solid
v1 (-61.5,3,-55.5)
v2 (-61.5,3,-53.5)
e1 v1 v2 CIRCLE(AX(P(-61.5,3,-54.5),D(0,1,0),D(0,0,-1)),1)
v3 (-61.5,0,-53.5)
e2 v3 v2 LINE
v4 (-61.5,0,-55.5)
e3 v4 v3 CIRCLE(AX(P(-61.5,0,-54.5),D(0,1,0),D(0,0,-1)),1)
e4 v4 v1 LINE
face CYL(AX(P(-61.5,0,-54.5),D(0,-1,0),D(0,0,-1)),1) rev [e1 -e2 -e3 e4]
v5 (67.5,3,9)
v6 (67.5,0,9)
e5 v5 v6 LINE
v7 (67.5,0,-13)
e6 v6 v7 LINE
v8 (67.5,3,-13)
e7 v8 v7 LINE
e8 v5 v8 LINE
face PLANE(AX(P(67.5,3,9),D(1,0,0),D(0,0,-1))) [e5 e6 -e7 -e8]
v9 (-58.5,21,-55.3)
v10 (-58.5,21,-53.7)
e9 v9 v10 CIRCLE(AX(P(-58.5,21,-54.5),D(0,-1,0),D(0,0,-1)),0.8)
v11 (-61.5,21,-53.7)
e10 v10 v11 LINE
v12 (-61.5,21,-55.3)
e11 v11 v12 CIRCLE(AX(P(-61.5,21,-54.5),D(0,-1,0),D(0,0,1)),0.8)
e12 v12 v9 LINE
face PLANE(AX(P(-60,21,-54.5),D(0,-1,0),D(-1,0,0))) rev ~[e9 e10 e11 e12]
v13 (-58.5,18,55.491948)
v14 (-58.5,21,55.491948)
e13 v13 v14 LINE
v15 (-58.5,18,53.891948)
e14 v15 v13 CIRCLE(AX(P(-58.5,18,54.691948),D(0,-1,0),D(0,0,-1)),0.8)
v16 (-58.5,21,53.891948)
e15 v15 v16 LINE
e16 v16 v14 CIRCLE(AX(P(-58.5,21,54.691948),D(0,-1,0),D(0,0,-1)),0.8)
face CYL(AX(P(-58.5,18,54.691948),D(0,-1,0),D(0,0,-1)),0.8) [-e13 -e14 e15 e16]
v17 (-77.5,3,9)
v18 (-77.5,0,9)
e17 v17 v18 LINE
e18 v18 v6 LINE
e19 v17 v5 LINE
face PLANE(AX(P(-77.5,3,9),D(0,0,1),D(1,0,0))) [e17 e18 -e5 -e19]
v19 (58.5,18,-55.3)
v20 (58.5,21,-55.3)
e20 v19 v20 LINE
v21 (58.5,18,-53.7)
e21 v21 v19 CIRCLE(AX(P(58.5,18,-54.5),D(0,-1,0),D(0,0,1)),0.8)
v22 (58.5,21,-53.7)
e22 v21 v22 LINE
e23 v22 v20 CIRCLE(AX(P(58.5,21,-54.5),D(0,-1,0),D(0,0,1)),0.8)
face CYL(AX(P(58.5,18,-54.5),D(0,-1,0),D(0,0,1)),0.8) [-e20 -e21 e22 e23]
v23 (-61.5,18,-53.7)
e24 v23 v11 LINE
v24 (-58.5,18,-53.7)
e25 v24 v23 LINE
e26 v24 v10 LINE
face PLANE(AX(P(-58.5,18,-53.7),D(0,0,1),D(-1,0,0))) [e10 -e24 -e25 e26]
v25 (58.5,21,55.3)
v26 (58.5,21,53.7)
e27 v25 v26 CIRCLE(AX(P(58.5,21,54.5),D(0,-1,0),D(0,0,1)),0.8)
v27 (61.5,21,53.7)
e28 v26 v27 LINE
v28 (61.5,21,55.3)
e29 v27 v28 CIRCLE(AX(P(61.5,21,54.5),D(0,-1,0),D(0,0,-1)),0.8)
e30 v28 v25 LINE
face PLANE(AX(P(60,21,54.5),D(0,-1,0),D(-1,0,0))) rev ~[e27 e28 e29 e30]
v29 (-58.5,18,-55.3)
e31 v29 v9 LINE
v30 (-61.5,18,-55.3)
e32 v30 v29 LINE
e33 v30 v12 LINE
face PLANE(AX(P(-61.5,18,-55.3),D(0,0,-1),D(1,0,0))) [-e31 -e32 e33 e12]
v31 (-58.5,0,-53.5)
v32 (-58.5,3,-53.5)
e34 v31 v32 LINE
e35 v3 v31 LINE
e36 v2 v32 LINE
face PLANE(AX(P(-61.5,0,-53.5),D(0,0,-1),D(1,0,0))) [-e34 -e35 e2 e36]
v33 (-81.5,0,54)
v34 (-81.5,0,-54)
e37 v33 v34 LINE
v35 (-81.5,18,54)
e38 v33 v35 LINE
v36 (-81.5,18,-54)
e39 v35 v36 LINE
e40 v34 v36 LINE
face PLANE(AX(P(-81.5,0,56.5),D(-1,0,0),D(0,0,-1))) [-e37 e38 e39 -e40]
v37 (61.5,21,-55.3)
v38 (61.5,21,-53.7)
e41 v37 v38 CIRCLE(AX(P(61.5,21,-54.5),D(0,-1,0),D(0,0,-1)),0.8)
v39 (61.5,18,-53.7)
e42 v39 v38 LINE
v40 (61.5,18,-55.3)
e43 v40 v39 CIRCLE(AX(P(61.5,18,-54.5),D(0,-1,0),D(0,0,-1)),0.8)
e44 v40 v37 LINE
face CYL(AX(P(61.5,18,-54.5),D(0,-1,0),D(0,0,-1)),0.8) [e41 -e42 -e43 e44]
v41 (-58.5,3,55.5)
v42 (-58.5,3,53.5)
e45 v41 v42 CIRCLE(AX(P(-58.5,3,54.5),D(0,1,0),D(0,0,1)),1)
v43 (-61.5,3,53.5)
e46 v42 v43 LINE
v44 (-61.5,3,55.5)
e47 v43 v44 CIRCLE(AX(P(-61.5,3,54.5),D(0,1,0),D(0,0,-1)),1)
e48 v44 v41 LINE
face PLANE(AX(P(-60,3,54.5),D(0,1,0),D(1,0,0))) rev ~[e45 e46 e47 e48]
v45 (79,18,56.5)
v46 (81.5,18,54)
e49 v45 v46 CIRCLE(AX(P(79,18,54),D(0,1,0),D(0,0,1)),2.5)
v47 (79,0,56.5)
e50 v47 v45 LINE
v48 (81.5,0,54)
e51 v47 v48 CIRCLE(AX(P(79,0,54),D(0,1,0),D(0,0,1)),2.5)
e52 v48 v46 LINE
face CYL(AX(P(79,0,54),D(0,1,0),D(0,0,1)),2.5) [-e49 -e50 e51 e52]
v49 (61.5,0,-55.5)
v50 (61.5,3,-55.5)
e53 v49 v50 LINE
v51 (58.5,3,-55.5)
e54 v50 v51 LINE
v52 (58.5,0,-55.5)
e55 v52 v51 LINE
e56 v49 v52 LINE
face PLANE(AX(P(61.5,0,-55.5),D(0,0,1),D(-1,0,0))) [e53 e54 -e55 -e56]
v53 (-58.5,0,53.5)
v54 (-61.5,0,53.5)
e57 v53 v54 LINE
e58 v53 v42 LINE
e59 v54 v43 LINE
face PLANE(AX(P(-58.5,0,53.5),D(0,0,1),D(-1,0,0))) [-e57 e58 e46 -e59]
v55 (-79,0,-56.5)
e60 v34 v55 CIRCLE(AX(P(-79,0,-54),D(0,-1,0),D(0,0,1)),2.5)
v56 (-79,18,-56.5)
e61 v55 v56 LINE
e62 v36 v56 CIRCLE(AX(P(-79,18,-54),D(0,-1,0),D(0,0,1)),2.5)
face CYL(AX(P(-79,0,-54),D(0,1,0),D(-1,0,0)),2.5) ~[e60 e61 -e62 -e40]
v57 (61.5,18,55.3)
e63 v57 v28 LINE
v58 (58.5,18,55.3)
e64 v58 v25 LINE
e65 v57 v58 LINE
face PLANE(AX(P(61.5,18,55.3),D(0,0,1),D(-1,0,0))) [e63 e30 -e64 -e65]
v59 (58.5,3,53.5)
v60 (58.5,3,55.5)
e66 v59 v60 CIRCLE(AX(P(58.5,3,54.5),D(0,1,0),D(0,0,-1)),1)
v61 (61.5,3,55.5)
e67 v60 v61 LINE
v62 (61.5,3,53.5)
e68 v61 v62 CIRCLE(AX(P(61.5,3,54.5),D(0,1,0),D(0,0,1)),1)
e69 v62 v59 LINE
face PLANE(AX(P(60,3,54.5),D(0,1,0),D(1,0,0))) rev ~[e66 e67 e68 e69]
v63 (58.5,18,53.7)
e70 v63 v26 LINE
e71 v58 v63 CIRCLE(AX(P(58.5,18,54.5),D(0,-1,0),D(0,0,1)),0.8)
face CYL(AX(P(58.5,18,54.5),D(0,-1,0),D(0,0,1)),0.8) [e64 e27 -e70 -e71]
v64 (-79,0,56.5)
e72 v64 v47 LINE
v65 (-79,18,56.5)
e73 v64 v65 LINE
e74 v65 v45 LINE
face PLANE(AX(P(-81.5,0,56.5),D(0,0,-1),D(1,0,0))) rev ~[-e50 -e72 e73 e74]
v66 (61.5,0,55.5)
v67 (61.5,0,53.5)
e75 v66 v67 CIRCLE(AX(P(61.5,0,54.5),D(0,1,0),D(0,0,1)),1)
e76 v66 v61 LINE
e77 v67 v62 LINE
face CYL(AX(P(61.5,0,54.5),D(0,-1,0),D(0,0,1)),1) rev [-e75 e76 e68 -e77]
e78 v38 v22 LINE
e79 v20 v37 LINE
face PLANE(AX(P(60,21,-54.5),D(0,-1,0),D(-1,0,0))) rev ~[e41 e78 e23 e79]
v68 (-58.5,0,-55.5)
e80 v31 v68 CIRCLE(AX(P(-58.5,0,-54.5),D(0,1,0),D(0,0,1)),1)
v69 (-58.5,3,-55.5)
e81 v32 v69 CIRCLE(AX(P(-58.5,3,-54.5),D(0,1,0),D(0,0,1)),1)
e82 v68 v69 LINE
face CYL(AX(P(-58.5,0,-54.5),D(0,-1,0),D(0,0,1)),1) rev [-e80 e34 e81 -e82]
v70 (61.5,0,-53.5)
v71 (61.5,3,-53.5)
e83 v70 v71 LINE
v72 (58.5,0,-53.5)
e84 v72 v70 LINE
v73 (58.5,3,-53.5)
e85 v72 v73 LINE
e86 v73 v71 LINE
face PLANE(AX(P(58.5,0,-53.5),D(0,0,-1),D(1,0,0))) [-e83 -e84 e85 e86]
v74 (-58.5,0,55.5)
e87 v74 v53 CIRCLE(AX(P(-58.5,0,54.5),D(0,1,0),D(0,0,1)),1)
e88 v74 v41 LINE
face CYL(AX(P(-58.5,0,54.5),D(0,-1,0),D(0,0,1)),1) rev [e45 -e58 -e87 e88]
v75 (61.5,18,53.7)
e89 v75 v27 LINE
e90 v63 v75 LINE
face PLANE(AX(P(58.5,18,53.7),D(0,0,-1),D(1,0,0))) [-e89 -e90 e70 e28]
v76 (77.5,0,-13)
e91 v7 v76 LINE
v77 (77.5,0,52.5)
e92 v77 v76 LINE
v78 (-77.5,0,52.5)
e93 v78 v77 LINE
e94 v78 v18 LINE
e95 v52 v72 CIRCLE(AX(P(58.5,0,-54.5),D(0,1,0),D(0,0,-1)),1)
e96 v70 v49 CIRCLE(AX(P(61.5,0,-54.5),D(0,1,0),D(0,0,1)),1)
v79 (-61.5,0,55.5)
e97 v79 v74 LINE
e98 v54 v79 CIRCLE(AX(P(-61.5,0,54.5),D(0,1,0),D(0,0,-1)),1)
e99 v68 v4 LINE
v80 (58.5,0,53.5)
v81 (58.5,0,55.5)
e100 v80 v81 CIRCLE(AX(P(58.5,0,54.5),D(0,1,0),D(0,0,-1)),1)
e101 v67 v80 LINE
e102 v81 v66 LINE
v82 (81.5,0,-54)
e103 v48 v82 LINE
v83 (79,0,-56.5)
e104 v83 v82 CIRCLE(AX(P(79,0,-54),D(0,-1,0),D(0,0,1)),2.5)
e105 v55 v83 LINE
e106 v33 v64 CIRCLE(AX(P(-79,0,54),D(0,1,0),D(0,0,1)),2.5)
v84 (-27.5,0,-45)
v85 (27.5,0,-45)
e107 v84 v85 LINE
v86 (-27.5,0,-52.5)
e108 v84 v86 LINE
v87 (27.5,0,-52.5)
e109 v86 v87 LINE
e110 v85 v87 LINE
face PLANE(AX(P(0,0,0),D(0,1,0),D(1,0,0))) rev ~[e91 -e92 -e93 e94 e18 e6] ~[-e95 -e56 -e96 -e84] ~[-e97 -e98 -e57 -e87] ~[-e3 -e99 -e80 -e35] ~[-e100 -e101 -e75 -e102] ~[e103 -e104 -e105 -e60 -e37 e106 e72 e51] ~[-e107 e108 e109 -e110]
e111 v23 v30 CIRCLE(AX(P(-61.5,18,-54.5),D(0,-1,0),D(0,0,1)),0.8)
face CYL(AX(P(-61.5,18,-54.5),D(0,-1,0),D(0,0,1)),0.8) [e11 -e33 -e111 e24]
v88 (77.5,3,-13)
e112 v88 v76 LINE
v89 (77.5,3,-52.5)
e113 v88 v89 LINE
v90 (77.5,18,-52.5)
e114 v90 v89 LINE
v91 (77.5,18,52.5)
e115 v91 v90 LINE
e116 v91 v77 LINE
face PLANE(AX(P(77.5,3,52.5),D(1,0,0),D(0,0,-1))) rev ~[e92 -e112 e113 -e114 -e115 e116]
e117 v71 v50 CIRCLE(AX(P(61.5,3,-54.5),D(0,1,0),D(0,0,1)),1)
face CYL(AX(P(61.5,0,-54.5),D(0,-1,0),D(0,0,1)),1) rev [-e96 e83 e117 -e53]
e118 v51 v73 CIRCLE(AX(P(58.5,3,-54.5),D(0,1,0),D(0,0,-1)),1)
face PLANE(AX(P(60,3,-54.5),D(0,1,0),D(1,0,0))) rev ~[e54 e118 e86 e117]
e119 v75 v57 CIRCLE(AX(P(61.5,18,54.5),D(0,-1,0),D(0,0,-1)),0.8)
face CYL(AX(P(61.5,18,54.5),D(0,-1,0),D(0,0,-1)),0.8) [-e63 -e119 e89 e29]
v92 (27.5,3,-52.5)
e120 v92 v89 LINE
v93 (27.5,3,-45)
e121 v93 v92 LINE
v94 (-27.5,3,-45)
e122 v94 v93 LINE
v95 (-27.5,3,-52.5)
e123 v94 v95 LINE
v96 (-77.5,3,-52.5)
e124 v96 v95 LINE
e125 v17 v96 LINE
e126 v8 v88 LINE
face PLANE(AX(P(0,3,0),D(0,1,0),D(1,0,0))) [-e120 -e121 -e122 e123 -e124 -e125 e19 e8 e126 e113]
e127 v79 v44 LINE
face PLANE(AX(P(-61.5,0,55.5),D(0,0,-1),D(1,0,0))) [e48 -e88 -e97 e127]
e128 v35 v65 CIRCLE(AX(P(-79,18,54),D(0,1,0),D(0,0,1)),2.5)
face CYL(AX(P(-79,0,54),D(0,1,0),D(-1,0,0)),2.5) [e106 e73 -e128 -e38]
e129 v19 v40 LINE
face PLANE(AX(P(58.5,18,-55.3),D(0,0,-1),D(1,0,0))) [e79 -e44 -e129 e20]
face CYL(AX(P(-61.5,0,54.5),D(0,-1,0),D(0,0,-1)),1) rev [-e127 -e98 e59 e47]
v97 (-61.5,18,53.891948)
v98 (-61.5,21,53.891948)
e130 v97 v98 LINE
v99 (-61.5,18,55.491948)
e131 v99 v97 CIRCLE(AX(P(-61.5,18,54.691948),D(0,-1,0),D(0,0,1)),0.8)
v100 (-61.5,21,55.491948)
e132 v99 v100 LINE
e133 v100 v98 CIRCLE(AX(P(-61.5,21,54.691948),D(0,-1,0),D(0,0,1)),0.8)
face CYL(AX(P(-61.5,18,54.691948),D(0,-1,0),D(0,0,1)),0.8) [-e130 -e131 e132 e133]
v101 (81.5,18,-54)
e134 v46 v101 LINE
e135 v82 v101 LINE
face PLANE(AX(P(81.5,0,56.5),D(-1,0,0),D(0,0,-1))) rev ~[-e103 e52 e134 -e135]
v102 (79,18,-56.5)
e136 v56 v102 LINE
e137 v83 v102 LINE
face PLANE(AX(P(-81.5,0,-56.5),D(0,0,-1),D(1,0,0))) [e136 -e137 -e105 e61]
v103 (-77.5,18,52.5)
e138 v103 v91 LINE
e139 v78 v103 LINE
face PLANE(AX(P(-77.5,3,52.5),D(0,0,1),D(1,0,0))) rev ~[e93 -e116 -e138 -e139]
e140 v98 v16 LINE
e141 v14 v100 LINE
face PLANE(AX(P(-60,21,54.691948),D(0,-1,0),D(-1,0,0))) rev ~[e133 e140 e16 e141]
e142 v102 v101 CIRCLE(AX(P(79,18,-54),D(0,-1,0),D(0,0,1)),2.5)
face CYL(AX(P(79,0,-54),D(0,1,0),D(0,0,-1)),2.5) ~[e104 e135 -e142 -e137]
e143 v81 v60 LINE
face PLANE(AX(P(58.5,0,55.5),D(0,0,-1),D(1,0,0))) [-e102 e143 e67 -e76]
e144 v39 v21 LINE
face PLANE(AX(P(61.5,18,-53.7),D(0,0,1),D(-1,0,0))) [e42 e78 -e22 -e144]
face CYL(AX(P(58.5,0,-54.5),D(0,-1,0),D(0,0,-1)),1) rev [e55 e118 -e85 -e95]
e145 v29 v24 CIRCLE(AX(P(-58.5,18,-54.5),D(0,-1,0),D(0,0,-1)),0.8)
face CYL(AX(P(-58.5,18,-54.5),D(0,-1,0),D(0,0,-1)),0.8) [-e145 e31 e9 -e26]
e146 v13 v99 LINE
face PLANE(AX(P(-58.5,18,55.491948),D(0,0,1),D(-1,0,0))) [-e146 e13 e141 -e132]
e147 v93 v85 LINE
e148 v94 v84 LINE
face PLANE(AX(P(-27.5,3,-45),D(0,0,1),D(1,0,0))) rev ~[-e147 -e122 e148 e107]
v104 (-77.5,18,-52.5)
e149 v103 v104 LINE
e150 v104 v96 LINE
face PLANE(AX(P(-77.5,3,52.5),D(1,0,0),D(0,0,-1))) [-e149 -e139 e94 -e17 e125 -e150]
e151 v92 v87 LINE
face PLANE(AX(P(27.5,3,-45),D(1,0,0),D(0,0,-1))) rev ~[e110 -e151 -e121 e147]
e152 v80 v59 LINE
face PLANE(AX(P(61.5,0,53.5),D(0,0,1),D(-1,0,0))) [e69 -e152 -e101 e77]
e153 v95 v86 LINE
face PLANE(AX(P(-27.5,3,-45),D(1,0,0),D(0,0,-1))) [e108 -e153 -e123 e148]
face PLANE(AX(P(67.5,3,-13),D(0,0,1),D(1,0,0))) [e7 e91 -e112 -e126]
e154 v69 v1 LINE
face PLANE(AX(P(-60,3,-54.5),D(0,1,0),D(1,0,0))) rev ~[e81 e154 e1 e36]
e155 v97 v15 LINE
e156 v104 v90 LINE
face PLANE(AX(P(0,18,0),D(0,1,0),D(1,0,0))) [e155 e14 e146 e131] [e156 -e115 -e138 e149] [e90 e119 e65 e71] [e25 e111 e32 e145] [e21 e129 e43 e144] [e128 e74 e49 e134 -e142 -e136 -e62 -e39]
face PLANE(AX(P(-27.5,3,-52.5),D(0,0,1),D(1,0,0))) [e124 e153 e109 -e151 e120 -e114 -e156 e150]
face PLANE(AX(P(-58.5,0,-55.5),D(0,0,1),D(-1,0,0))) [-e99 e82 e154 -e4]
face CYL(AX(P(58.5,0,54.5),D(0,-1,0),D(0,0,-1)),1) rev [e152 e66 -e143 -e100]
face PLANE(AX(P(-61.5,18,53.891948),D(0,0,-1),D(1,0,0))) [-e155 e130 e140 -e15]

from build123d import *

# Parameters (mm, degrees)
SKETCH3_W            = 163
SKETCH3_H            = 113
BOSS_EXTRUDE2_DEPTH  = 18
SKETCH4_W            = 155
SKETCH4_H            = 105
CUT_EXTRUDE2_DEPTH   = 15
FILLET1_R            = 2.5
SKETCH5_W            = 55
SKETCH5_H            = 7.5
TOPWIRES_DEPTH       = 3
SKETCH6_W            = 155
SKETCH6_H            = 43.5
MOTORWIRES_DEPTH     = 3
CONNECTORHOLES_DEPTH = 3
SKETCH14_W           = 10
SKETCH14_H           = 22
SIDEWIRES_DEPTH      = 3
BOSS_EXTRUDE7_DEPTH  = 3


with BuildPart() as part:
    # Sketch3 → Boss-Extrude2 (new body)
    with BuildSketch(Plane(origin=(0, 0, 0), x_dir=(1, 0, 0), z_dir=(0, 1, 0))):
        Rectangle(SKETCH3_W, SKETCH3_H)
    extrude(amount=BOSS_EXTRUDE2_DEPTH)

    # Sketch4 → Cut-Extrude2 (cut)
    with BuildSketch(Plane(origin=(0, 18, 0), x_dir=(1, 0, 0), z_dir=(0, 1, 0))):
        Rectangle(SKETCH4_W, SKETCH4_H)
    extrude(amount=-CUT_EXTRUDE2_DEPTH, mode=Mode.SUBTRACT)

    # Fillet1
    fillet1_edges = [part.edges().sort_by_distance(p)[0] for p in [
        (81.5, 9, 56.5),
        (-81.5, 9, 56.5),
        (-81.5, 9, -56.5),
        (81.5, 9, -56.5),
    ]]
    fillet(fillet1_edges, radius=FILLET1_R)

    # Sketch5 → TopWires (cut)
    with BuildSketch(Plane(origin=(0, 3, 0), x_dir=(1, 0, 0), z_dir=(0, 1, 0))):
        with Locations((0, 48.75)):
            Rectangle(SKETCH5_W, SKETCH5_H)
    extrude(amount=-TOPWIRES_DEPTH, mode=Mode.SUBTRACT)

    # Sketch6 → MotorWires (cut)
    with BuildSketch(Plane(origin=(0, 3, 0), x_dir=(1, 0, 0), z_dir=(0, 1, 0))):
        with Locations((0, -30.75)):
            Rectangle(SKETCH6_W, SKETCH6_H)
    extrude(amount=-MOTORWIRES_DEPTH, mode=Mode.SUBTRACT)

    # Sketch13 → ConnectorHoles (cut)
    with BuildSketch(Plane(origin=(0, 0, 0), x_dir=(-1, 0, 0), z_dir=(0, -1, 0))):
        with BuildLine():
            Line((61.5, 53.5), (58.5, 53.5))
            ThreePointArc((58.5, 53.5), (57.5, 54.5), (58.5, 55.5))
            Line((58.5, 55.5), (61.5, 55.5))
            ThreePointArc((61.5, 55.5), (62.5, 54.5), (61.5, 53.5))
        make_face()
        with BuildLine():
            Line((-58.5, 53.5), (-61.5, 53.5))
            ThreePointArc((-61.5, 53.5), (-62.5, 54.5), (-61.5, 55.5))
            Line((-61.5, 55.5), (-58.5, 55.5))
            ThreePointArc((-58.5, 55.5), (-57.5, 54.5), (-58.5, 53.5))
        make_face()
        with BuildLine():
            Line((61.5, -55.5), (58.5, -55.5))
            ThreePointArc((58.5, -55.5), (57.5, -54.5), (58.5, -53.5))
            Line((58.5, -53.5), (61.5, -53.5))
            ThreePointArc((61.5, -53.5), (62.5, -54.5), (61.5, -55.5))
        make_face()
        with BuildLine():
            Line((-61.5, -53.5), (-58.5, -53.5))
            ThreePointArc((-58.5, -53.5), (-57.5, -54.5), (-58.5, -55.5))
            Line((-58.5, -55.5), (-61.5, -55.5))
            ThreePointArc((-61.5, -55.5), (-62.5, -54.5), (-61.5, -53.5))
        make_face()
    extrude(amount=-CONNECTORHOLES_DEPTH, mode=Mode.SUBTRACT)

    # Sketch14 → SideWires (cut)
    with BuildSketch(Plane(origin=(0, 3, 0), x_dir=(1, 0, 0), z_dir=(0, 1, 0))):
        with Locations((72.5, 2)):
            Rectangle(SKETCH14_W, SKETCH14_H)
    extrude(amount=-SIDEWIRES_DEPTH, mode=Mode.SUBTRACT)

    # Sketch16 → Boss-Extrude7 (add)
    with BuildSketch(Plane(origin=(0, 18, 0), x_dir=(1, 0, 0), z_dir=(0, 1, 0))):
        with BuildLine():
            Line((61.5, -55.3), (58.5, -55.3))
            ThreePointArc((58.5, -55.3), (57.7, -54.5), (58.5, -53.7))
            Line((58.5, -53.7), (61.5, -53.7))
            ThreePointArc((61.5, -53.7), (62.3, -54.5), (61.5, -55.3))
        make_face()
        with BuildLine():
            Line((-58.5, -55.491947616), (-61.5, -55.491947616))
            ThreePointArc((-61.5, -55.491947616), (-62.3, -54.691947616), (-61.5, -53.891947616))
            Line((-61.5, -53.891947616), (-58.5, -53.891947616))
            ThreePointArc((-58.5, -53.891947616), (-57.7, -54.691947616), (-58.5, -55.491947616))
        make_face()
        with BuildLine():
            Line((-61.5, 55.3), (-58.5, 55.3))
            ThreePointArc((-58.5, 55.3), (-57.7, 54.5), (-58.5, 53.7))
            Line((-58.5, 53.7), (-61.5, 53.7))
            ThreePointArc((-61.5, 53.7), (-62.3, 54.5), (-61.5, 55.3))
        make_face()
        with BuildLine():
            Line((61.5, 53.7), (58.5, 53.7))
            ThreePointArc((58.5, 53.7), (57.7, 54.5), (58.5, 55.3))
            Line((58.5, 55.3), (61.5, 55.3))
            ThreePointArc((61.5, 55.3), (62.3, 54.5), (61.5, 53.7))
        make_face()
    extrude(amount=BOSS_EXTRUDE7_DEPTH)


solid = part.part
